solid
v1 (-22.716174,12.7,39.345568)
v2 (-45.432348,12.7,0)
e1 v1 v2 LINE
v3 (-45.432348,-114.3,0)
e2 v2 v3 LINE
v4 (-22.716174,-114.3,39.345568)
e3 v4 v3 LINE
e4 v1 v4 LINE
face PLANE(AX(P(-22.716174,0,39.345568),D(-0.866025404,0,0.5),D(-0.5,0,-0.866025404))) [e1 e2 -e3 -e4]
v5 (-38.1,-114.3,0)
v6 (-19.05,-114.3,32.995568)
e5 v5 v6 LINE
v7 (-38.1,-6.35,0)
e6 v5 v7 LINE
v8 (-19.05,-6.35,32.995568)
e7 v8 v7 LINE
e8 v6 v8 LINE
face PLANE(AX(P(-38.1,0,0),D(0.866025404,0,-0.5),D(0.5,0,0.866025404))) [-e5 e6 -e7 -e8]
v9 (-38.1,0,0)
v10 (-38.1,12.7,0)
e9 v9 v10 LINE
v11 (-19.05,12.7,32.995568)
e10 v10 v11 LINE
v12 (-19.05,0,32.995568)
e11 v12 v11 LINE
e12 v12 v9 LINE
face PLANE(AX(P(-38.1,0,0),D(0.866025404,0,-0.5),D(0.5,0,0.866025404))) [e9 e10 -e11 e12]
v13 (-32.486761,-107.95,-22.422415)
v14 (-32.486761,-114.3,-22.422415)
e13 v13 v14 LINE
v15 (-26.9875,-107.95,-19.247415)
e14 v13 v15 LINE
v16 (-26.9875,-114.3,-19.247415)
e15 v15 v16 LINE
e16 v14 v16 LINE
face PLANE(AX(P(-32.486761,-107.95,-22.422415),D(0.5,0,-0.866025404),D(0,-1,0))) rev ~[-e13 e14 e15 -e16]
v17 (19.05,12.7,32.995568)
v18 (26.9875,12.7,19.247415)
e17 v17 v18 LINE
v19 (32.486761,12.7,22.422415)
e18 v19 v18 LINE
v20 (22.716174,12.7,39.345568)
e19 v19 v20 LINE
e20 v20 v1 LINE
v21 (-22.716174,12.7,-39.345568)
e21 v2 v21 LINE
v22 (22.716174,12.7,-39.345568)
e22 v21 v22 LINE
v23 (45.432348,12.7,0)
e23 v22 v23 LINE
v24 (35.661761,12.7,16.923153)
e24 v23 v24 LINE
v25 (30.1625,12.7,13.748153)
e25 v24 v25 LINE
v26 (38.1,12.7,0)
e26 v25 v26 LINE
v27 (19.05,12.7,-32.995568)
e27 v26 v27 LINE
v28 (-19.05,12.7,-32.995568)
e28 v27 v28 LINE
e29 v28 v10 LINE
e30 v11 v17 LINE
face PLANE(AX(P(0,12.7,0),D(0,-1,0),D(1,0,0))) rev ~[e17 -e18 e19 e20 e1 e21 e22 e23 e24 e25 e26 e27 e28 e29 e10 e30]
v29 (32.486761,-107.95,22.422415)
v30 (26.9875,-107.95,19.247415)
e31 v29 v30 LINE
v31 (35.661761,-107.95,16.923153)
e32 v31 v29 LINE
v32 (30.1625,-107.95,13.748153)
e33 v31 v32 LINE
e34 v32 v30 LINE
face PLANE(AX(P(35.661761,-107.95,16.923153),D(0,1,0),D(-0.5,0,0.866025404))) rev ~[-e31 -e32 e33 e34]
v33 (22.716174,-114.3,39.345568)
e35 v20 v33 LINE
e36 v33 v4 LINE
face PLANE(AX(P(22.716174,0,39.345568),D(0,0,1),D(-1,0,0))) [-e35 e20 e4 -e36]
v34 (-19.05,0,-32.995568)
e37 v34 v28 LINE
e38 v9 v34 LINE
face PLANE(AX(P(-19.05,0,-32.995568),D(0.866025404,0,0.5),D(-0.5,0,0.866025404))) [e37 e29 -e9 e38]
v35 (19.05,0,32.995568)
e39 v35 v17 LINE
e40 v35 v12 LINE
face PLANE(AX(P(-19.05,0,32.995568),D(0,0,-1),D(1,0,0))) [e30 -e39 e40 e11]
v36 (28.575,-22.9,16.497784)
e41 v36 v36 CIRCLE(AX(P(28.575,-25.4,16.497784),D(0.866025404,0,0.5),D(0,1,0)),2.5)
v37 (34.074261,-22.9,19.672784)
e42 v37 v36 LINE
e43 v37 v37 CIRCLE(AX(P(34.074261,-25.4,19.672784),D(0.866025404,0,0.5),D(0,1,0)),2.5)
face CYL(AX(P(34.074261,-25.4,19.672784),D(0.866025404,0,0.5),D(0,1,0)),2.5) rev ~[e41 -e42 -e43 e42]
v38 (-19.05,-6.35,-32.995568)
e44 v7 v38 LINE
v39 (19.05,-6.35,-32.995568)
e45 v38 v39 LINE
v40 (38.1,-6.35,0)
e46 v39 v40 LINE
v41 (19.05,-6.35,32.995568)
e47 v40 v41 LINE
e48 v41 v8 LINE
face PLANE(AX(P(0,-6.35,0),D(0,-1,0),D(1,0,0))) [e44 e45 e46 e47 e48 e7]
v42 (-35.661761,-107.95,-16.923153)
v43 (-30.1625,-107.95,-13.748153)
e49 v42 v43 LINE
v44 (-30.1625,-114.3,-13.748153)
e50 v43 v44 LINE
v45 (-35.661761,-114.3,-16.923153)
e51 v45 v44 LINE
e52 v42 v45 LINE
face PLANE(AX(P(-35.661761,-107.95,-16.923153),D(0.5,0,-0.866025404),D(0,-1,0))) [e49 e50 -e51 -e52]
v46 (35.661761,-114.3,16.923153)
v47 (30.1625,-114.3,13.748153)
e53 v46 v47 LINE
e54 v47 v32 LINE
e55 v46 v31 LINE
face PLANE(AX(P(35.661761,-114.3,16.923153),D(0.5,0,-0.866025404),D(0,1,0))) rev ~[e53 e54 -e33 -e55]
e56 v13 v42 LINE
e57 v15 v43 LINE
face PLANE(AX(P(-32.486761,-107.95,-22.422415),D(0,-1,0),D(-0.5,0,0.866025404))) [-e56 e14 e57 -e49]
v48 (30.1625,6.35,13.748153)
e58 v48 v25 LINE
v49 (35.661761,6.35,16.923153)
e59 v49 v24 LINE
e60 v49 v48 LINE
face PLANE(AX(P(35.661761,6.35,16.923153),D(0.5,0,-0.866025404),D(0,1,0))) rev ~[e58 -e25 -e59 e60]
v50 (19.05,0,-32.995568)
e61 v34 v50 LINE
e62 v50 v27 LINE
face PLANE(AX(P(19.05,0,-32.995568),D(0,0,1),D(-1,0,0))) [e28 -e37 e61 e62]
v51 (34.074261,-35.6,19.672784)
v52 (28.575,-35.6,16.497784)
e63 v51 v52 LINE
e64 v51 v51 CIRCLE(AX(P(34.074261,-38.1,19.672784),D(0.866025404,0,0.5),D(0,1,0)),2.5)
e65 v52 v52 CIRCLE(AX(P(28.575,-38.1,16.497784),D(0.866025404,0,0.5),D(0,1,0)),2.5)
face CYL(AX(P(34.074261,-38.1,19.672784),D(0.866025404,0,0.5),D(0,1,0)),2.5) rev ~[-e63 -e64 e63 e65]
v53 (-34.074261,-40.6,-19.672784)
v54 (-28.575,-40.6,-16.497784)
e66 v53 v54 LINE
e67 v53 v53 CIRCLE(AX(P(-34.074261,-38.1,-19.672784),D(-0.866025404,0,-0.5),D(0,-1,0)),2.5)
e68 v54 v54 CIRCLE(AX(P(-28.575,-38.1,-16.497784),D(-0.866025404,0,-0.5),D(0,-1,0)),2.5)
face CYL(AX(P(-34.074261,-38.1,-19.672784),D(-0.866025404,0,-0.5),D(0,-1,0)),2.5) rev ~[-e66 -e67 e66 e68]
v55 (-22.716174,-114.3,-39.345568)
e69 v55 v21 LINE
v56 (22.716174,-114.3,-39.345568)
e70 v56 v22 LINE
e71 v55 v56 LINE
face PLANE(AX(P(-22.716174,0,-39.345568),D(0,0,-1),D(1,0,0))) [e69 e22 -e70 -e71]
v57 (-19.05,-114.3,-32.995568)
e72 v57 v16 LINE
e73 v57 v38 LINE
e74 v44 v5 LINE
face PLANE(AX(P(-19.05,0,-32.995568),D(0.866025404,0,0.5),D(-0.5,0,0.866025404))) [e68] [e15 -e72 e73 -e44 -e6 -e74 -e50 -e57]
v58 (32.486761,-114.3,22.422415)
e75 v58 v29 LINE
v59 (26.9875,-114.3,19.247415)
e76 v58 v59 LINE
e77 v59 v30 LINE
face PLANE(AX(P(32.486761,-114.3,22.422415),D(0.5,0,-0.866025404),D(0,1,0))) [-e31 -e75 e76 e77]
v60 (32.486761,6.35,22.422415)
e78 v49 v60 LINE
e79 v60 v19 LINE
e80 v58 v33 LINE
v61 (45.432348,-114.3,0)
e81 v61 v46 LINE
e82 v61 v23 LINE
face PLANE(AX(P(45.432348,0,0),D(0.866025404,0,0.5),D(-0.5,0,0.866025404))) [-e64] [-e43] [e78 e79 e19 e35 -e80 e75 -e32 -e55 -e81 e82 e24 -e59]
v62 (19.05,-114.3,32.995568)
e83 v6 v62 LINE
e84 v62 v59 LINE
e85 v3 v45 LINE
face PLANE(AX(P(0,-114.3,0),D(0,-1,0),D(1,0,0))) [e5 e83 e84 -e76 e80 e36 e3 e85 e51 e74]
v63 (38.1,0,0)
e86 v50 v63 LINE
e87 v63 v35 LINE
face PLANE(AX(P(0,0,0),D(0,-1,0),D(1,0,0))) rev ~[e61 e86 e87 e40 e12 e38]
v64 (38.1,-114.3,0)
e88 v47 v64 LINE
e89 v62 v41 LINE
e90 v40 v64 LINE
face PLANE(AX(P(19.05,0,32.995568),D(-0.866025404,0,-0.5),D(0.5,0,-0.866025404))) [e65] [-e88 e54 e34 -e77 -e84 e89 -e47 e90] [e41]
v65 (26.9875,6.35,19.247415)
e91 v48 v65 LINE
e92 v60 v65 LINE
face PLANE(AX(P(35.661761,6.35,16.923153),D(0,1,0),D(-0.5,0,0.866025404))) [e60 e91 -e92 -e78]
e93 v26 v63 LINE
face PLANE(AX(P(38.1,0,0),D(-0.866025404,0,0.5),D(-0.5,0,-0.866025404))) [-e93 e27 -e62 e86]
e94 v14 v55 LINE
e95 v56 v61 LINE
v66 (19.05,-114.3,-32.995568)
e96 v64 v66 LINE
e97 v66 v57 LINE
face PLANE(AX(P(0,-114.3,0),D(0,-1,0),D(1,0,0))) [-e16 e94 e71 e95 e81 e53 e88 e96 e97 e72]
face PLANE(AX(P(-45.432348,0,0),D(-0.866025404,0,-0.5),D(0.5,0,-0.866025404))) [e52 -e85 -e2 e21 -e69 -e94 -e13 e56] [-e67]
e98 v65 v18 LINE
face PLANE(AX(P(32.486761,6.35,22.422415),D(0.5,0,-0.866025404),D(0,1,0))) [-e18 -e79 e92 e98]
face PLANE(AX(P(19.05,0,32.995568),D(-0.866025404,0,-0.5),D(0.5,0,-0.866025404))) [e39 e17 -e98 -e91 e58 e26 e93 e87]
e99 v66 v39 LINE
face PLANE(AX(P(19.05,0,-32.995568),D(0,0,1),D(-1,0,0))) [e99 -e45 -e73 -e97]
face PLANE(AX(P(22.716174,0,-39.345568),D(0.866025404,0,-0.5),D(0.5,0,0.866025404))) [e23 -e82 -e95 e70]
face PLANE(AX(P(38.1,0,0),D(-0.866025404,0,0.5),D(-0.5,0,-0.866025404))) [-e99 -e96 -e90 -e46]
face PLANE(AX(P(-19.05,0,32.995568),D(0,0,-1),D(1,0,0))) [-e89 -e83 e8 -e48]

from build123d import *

# Parameters (mm, degrees)
F1_DEPTH  = 114.3
F2_DEPTH  = 12.7
F4_DEPTH  = 6.35
F5_W      = 6.35
F5_H      = 6.35
F6_DEPTH  = 6.35
F7_W      = 6.35
F7_H      = 6.35
F8_DEPTH  = 6.35
F9_R      = 2.5
F10_DEPTH = 6.35
F11_R     = 2.5
F12_DEPTH = 6.35
F13_W     = 6.35
F13_H     = 6.35
F14_DEPTH = 6.35


with BuildPart() as f1:
    # F0 (on Front) → F1 (new body)
    with BuildSketch(Plane.XZ):
        Polygon((45.4323484187, 0), (22.7161742094, 39.3455678842), (-22.7161742094, 39.3455678842), (-45.4323484187, 0), (-22.7161742094, -39.3455678842), (22.7161742094, -39.3455678842), align=None)
        Polygon((38.1, 0), (19.05, -32.9955678842), (-19.05, -32.9955678842), (-38.1, 0), (-19.05, 32.9955678842), (19.05, 32.9955678842), align=None, mode=Mode.SUBTRACT)
    extrude(amount=F1_DEPTH)

    # F0 (on Front) → F2 (join)
    with BuildSketch(Plane.XZ):
        Polygon((45.4323484187, 0), (22.7161742094, 39.3455678842), (-22.7161742094, 39.3455678842), (-45.4323484187, 0), (-22.7161742094, -39.3455678842), (22.7161742094, -39.3455678842), align=None)
        Polygon((38.1, 0), (19.05, -32.9955678842), (-19.05, -32.9955678842), (-38.1, 0), (-19.05, 32.9955678842), (19.05, 32.9955678842), align=None, mode=Mode.SUBTRACT)
    extrude(amount=-F2_DEPTH)

    # F3 (on Front) → F4 (join)
    with BuildSketch(Plane.XZ):
        Polygon((19.05, -32.9955678842), (38.1, 0), (19.05, 32.9955678842), (-19.05, 32.9955678842), (-38.1, 0), (-19.05, -32.9955678842), align=None)
    extrude(amount=F4_DEPTH)

    # F5 (on face) → F6 (cut)
    with BuildSketch(Plane(origin=(34.074261314, 0, 19.6727839421), x_dir=(0, 1, 0), z_dir=(0.8660254038, 0, 0.5))):
        with Locations((-111.125, 0)):
            Rectangle(F5_W, F5_H)
    extrude(amount=-F6_DEPTH, mode=Mode.SUBTRACT)

    # F7 (on face) → F8 (cut)
    with BuildSketch(Plane(origin=(-34.074261314, 0, -19.6727839421), x_dir=(0, -1, 0), z_dir=(-0.8660254038, 0, -0.5))):
        with Locations((111.125, 0)):
            Rectangle(F7_W, F7_H)
    extrude(amount=-F8_DEPTH, mode=Mode.SUBTRACT)

    # F9 (on face) → F10 (cut)
    with BuildSketch(Plane(origin=(-34.074261314, 0, -19.6727839421), x_dir=(0, -1, 0), z_dir=(-0.8660254038, 0, -0.5))):
        with Locations((38.1, 0)):
            Circle(F9_R)
    extrude(amount=-F10_DEPTH, mode=Mode.SUBTRACT)

    # F11 (on face) → F12 (cut)
    with BuildSketch(Plane(origin=(34.074261314, 0, 19.6727839421), x_dir=(0, 1, 0), z_dir=(0.8660254038, 0, 0.5))):
        with Locations((-38.1, 0)):
            Circle(F11_R)
        with Locations((-25.4, 0)):
            Circle(F11_R)
    extrude(amount=-F12_DEPTH, mode=Mode.SUBTRACT)

    # F13 (on face) → F14 (cut)
    with BuildSketch(Plane(origin=(34.074261314, 0, 19.6727839421), x_dir=(0, 1, 0), z_dir=(0.8660254038, 0, 0.5))):
        with Locations((9.525, 0)):
            Rectangle(F13_W, F13_H)
    extrude(amount=-F14_DEPTH, mode=Mode.SUBTRACT)


solid = f1.part
